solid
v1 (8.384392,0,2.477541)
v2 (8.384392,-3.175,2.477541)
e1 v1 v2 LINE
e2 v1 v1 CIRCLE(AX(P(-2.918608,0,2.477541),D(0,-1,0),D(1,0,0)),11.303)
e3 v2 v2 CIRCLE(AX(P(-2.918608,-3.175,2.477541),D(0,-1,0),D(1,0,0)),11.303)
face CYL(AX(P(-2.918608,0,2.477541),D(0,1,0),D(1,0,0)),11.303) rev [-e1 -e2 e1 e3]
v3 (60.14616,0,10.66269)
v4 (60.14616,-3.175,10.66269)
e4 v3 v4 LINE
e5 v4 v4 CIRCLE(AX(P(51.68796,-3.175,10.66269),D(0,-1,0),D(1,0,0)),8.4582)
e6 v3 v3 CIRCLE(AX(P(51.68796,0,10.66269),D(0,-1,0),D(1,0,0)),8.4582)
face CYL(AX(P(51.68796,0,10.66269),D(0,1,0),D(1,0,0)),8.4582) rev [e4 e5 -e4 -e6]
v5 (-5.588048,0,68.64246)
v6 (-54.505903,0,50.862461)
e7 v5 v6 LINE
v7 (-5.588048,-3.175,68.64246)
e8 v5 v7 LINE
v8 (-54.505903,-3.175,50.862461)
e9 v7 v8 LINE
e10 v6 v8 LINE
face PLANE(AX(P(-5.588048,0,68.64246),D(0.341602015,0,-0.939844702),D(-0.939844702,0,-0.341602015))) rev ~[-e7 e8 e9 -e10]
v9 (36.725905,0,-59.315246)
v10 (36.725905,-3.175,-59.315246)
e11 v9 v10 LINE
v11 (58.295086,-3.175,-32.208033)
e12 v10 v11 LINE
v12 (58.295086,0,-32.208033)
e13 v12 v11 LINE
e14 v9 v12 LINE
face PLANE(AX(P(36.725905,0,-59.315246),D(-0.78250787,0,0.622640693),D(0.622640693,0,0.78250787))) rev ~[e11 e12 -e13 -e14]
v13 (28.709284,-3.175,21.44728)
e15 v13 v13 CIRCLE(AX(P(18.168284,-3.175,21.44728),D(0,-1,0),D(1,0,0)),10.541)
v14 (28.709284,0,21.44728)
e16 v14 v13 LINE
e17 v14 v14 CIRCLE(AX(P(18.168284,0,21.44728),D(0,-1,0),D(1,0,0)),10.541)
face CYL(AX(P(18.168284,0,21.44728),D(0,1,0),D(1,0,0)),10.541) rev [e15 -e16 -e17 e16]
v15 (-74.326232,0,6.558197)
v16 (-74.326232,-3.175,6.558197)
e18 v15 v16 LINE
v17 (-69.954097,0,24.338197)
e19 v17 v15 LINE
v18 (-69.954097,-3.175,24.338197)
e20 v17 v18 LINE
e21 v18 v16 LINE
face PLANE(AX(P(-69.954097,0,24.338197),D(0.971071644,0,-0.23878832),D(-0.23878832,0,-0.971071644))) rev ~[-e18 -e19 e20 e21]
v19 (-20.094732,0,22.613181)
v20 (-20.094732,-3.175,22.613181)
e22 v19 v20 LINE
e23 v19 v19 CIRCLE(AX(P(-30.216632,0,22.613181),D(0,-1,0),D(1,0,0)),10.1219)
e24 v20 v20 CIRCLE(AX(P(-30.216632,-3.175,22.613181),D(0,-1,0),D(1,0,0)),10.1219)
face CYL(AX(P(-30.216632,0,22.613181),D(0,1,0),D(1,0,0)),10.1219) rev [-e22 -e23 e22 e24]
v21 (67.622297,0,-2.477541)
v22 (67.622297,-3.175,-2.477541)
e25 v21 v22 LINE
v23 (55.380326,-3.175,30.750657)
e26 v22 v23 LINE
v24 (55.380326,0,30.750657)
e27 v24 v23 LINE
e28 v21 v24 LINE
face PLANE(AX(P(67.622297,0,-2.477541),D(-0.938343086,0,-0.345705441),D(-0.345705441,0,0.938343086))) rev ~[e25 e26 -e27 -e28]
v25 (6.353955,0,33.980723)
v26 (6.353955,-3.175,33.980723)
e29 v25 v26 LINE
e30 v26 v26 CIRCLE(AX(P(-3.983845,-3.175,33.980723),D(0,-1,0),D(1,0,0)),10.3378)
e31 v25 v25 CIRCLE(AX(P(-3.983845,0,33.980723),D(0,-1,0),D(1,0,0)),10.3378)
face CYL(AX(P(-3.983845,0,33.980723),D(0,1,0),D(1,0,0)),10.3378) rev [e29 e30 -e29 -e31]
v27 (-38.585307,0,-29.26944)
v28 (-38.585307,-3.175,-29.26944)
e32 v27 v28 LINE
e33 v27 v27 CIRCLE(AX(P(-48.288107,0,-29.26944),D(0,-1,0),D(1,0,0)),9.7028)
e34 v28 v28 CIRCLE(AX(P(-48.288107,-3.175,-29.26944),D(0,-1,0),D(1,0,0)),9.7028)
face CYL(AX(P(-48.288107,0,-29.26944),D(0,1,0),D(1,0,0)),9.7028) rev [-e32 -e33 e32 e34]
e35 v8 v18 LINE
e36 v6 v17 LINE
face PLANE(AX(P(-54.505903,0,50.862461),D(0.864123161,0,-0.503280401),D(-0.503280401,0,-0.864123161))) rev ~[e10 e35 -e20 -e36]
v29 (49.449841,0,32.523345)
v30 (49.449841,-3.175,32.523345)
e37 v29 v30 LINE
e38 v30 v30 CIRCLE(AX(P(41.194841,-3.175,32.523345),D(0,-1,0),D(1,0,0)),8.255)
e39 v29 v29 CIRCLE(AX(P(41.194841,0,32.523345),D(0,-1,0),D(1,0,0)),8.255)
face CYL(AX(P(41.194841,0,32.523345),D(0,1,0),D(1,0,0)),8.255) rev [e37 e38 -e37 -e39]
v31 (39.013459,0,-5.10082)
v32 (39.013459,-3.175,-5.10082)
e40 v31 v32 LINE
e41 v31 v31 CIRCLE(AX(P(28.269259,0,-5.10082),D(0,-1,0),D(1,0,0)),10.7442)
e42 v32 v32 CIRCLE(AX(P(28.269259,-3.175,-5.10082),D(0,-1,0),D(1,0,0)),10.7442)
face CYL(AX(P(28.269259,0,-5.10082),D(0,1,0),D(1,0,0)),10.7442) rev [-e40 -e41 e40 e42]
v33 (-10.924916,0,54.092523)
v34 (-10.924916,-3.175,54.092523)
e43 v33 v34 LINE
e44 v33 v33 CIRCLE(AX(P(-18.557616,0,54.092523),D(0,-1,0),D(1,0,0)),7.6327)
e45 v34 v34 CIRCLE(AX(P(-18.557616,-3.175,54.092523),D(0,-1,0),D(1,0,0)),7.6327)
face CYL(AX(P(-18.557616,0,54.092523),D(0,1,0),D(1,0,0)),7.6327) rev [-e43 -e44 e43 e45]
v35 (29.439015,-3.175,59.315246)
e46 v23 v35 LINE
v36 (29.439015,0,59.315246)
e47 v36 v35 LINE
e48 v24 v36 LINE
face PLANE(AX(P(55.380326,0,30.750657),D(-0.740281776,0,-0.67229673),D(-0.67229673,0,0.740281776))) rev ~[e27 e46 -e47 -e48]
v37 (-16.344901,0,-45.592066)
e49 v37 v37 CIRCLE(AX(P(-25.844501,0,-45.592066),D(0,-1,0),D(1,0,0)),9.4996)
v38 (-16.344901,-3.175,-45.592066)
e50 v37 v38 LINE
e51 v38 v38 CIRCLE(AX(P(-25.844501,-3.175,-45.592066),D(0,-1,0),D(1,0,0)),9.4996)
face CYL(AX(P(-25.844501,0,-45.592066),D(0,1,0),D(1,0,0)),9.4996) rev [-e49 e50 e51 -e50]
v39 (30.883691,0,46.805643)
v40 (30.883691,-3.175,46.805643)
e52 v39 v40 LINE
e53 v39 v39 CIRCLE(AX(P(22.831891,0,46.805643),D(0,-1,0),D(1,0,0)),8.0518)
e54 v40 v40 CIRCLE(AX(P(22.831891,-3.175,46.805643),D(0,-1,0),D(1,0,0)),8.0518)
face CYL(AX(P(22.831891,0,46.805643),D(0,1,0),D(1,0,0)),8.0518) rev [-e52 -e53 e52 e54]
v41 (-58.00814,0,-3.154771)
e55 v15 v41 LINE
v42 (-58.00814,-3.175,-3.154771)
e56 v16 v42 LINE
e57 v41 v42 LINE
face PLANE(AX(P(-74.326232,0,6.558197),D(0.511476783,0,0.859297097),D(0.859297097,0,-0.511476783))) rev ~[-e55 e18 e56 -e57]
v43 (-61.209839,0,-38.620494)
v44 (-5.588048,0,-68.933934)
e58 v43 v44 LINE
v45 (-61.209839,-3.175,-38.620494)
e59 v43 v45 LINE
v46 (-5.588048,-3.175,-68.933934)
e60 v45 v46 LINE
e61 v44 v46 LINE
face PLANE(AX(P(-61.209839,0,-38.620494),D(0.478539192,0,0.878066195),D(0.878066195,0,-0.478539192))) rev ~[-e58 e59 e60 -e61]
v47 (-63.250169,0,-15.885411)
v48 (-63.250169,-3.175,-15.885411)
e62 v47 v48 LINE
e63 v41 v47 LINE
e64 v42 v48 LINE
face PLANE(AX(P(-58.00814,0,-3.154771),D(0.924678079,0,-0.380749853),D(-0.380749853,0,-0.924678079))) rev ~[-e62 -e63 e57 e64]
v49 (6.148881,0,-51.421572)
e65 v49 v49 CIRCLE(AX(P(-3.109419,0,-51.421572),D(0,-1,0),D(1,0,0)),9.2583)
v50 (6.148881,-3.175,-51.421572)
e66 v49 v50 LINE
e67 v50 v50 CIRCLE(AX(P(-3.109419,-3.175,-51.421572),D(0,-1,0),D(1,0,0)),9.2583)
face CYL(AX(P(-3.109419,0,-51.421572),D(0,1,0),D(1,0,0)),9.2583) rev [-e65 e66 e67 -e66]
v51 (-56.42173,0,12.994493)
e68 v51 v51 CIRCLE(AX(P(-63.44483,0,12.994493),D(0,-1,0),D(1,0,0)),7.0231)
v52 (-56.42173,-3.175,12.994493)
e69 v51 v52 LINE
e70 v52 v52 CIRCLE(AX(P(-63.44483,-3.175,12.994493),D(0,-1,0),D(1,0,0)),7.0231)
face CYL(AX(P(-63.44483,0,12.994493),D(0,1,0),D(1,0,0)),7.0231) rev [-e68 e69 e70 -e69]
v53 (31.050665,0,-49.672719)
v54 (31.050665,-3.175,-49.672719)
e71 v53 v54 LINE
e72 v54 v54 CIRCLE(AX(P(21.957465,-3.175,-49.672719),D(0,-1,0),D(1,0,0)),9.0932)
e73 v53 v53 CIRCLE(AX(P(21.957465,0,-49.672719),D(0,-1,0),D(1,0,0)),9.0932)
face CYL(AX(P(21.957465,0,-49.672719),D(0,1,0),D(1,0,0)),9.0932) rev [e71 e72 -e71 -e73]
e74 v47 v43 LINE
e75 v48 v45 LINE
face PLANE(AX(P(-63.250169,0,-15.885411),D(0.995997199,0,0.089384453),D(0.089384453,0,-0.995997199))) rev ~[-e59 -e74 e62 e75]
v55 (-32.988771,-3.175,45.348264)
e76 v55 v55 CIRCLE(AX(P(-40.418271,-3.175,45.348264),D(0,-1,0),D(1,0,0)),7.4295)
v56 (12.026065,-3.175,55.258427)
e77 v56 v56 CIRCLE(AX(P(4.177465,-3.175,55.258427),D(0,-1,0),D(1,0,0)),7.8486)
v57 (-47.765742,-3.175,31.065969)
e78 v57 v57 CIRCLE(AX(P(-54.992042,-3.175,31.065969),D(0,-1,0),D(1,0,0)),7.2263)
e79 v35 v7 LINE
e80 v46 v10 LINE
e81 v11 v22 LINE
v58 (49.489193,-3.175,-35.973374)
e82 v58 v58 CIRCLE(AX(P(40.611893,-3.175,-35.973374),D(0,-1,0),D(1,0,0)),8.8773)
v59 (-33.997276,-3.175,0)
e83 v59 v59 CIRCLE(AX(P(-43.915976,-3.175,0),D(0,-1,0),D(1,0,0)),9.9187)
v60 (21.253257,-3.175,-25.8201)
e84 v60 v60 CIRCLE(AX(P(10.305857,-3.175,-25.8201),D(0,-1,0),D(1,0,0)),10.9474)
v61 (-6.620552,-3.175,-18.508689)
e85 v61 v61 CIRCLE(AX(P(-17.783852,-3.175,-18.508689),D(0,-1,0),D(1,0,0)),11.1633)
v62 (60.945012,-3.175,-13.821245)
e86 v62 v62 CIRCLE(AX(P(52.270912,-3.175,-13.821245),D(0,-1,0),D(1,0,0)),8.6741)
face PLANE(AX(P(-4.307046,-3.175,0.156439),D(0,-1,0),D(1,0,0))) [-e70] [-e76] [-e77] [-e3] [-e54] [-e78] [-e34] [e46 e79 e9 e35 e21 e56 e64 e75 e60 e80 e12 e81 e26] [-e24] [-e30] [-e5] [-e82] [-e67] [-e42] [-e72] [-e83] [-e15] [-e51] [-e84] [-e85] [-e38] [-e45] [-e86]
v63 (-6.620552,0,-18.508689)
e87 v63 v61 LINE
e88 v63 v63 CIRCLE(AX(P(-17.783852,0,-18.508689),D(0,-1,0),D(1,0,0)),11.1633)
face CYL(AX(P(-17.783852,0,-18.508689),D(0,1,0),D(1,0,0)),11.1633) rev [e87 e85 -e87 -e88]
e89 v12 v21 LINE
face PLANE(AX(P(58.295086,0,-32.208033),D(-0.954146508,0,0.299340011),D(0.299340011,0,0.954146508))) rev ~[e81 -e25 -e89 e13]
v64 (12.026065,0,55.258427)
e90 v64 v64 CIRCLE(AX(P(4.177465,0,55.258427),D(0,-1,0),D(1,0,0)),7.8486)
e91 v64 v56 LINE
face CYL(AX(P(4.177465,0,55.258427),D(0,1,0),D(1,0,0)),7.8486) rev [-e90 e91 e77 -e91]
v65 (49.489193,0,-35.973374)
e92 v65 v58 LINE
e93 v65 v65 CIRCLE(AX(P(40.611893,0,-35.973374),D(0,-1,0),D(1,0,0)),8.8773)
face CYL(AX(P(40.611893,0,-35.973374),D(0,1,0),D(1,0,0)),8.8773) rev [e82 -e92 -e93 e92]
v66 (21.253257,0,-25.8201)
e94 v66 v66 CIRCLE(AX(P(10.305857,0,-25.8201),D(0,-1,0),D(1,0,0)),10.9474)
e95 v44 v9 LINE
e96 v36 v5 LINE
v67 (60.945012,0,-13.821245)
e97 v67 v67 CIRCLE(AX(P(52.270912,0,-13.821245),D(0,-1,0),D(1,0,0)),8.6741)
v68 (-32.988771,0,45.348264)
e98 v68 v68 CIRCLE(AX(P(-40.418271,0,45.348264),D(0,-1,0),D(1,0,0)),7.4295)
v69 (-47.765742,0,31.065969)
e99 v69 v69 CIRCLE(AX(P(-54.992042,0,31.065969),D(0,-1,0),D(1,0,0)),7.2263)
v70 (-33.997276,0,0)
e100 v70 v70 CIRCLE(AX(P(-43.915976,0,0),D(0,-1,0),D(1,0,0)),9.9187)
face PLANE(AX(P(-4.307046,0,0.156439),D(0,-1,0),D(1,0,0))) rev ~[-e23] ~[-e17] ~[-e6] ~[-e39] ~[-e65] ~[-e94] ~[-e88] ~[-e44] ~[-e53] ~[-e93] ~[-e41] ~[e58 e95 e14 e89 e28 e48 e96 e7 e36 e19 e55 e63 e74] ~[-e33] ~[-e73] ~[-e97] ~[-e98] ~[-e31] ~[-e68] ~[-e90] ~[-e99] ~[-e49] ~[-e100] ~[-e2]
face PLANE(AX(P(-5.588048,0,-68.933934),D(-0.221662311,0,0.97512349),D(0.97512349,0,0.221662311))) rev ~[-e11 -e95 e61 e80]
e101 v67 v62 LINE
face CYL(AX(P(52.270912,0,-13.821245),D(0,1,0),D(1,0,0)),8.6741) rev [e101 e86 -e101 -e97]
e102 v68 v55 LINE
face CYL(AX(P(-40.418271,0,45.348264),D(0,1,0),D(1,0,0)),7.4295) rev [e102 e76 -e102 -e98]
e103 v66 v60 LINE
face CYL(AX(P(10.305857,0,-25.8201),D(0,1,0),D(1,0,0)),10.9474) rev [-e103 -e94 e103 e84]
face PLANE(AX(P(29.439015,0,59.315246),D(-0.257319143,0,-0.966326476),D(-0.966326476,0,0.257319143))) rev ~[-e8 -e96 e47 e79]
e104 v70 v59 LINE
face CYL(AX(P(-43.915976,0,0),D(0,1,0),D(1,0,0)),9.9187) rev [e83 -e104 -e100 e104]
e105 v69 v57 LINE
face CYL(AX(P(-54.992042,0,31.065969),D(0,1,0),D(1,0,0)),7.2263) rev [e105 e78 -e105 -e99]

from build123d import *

# Parameters (mm, degrees)
F0_R     = 9.4996
F0_R_2   = 9.7028
F0_R_3   = 11.1633
F0_R_4   = 9.2583
F0_R_5   = 9.0932
F0_R_6   = 8.8773
F0_R_7   = 10.9474
F0_R_8   = 10.7442
F0_R_9   = 8.6741
F0_R_10  = 7.0231
F0_R_11  = 9.9187
F0_R_12  = 7.2263
F0_R_13  = 10.1219
F0_R_14  = 10.3378
F0_R_15  = 7.4295
F0_R_16  = 7.6327
F0_R_17  = 11.303
F0_R_18  = 10.541
F0_R_19  = 8.4582
F0_R_20  = 8.255
F0_R_21  = 8.0518
F0_R_22  = 7.8486
F1_DEPTH = 3.175


with BuildPart() as f1:
    # F0 (on Front) → F1 (new body)
    with BuildSketch(Plane.XZ):
        Polygon((-74.326232, 6.558197), (-58.00814, -3.154771), (-63.250169, -15.885411), (-61.209839, -38.620494), (-5.588048, -68.933934), (36.725905, -59.315246), (58.295086, -32.208033), (67.622297, -2.477541), (55.380326, 30.750657), (29.439015, 59.315246), (-5.588048, 68.64246), (-54.505903, 50.862461), (-69.954097, 24.338197), align=None)
        with Locations((-25.844501, -45.592066)):
            Circle(F0_R, mode=Mode.SUBTRACT)
        with Locations((-48.288107, -29.26944)):
            Circle(F0_R_2, mode=Mode.SUBTRACT)
        with Locations((-17.783852, -18.508689)):
            Circle(F0_R_3, mode=Mode.SUBTRACT)
        with Locations((-3.109419, -51.421572)):
            Circle(F0_R_4, mode=Mode.SUBTRACT)
        with Locations((21.957465, -49.672719)):
            Circle(F0_R_5, mode=Mode.SUBTRACT)
        with Locations((40.611893, -35.973374)):
            Circle(F0_R_6, mode=Mode.SUBTRACT)
        with Locations((10.305857, -25.8201)):
            Circle(F0_R_7, mode=Mode.SUBTRACT)
        with Locations((28.269259, -5.10082)):
            Circle(F0_R_8, mode=Mode.SUBTRACT)
        with Locations((52.270912, -13.821245)):
            Circle(F0_R_9, mode=Mode.SUBTRACT)
        with Locations((-63.44483, 12.994493)):
            Circle(F0_R_10, mode=Mode.SUBTRACT)
        with Locations((-43.915976, 0)):
            Circle(F0_R_11, mode=Mode.SUBTRACT)
        with Locations((-54.992042, 31.065969)):
            Circle(F0_R_12, mode=Mode.SUBTRACT)
        with Locations((-30.216632, 22.613181)):
            Circle(F0_R_13, mode=Mode.SUBTRACT)
        with Locations((-3.983845, 33.980723)):
            Circle(F0_R_14, mode=Mode.SUBTRACT)
        with Locations((-40.418271, 45.348264)):
            Circle(F0_R_15, mode=Mode.SUBTRACT)
        with Locations((-18.557616, 54.092523)):
            Circle(F0_R_16, mode=Mode.SUBTRACT)
        with Locations((-2.918608, 2.477541)):
            Circle(F0_R_17, mode=Mode.SUBTRACT)
        with Locations((18.168284, 21.44728)):
            Circle(F0_R_18, mode=Mode.SUBTRACT)
        with Locations((51.68796, 10.66269)):
            Circle(F0_R_19, mode=Mode.SUBTRACT)
        with Locations((41.194841, 32.523345)):
            Circle(F0_R_20, mode=Mode.SUBTRACT)
        with Locations((22.831891, 46.805643)):
            Circle(F0_R_21, mode=Mode.SUBTRACT)
        with Locations((4.177465, 55.258427)):
            Circle(F0_R_22, mode=Mode.SUBTRACT)
    extrude(amount=F1_DEPTH)


solid = f1.part
